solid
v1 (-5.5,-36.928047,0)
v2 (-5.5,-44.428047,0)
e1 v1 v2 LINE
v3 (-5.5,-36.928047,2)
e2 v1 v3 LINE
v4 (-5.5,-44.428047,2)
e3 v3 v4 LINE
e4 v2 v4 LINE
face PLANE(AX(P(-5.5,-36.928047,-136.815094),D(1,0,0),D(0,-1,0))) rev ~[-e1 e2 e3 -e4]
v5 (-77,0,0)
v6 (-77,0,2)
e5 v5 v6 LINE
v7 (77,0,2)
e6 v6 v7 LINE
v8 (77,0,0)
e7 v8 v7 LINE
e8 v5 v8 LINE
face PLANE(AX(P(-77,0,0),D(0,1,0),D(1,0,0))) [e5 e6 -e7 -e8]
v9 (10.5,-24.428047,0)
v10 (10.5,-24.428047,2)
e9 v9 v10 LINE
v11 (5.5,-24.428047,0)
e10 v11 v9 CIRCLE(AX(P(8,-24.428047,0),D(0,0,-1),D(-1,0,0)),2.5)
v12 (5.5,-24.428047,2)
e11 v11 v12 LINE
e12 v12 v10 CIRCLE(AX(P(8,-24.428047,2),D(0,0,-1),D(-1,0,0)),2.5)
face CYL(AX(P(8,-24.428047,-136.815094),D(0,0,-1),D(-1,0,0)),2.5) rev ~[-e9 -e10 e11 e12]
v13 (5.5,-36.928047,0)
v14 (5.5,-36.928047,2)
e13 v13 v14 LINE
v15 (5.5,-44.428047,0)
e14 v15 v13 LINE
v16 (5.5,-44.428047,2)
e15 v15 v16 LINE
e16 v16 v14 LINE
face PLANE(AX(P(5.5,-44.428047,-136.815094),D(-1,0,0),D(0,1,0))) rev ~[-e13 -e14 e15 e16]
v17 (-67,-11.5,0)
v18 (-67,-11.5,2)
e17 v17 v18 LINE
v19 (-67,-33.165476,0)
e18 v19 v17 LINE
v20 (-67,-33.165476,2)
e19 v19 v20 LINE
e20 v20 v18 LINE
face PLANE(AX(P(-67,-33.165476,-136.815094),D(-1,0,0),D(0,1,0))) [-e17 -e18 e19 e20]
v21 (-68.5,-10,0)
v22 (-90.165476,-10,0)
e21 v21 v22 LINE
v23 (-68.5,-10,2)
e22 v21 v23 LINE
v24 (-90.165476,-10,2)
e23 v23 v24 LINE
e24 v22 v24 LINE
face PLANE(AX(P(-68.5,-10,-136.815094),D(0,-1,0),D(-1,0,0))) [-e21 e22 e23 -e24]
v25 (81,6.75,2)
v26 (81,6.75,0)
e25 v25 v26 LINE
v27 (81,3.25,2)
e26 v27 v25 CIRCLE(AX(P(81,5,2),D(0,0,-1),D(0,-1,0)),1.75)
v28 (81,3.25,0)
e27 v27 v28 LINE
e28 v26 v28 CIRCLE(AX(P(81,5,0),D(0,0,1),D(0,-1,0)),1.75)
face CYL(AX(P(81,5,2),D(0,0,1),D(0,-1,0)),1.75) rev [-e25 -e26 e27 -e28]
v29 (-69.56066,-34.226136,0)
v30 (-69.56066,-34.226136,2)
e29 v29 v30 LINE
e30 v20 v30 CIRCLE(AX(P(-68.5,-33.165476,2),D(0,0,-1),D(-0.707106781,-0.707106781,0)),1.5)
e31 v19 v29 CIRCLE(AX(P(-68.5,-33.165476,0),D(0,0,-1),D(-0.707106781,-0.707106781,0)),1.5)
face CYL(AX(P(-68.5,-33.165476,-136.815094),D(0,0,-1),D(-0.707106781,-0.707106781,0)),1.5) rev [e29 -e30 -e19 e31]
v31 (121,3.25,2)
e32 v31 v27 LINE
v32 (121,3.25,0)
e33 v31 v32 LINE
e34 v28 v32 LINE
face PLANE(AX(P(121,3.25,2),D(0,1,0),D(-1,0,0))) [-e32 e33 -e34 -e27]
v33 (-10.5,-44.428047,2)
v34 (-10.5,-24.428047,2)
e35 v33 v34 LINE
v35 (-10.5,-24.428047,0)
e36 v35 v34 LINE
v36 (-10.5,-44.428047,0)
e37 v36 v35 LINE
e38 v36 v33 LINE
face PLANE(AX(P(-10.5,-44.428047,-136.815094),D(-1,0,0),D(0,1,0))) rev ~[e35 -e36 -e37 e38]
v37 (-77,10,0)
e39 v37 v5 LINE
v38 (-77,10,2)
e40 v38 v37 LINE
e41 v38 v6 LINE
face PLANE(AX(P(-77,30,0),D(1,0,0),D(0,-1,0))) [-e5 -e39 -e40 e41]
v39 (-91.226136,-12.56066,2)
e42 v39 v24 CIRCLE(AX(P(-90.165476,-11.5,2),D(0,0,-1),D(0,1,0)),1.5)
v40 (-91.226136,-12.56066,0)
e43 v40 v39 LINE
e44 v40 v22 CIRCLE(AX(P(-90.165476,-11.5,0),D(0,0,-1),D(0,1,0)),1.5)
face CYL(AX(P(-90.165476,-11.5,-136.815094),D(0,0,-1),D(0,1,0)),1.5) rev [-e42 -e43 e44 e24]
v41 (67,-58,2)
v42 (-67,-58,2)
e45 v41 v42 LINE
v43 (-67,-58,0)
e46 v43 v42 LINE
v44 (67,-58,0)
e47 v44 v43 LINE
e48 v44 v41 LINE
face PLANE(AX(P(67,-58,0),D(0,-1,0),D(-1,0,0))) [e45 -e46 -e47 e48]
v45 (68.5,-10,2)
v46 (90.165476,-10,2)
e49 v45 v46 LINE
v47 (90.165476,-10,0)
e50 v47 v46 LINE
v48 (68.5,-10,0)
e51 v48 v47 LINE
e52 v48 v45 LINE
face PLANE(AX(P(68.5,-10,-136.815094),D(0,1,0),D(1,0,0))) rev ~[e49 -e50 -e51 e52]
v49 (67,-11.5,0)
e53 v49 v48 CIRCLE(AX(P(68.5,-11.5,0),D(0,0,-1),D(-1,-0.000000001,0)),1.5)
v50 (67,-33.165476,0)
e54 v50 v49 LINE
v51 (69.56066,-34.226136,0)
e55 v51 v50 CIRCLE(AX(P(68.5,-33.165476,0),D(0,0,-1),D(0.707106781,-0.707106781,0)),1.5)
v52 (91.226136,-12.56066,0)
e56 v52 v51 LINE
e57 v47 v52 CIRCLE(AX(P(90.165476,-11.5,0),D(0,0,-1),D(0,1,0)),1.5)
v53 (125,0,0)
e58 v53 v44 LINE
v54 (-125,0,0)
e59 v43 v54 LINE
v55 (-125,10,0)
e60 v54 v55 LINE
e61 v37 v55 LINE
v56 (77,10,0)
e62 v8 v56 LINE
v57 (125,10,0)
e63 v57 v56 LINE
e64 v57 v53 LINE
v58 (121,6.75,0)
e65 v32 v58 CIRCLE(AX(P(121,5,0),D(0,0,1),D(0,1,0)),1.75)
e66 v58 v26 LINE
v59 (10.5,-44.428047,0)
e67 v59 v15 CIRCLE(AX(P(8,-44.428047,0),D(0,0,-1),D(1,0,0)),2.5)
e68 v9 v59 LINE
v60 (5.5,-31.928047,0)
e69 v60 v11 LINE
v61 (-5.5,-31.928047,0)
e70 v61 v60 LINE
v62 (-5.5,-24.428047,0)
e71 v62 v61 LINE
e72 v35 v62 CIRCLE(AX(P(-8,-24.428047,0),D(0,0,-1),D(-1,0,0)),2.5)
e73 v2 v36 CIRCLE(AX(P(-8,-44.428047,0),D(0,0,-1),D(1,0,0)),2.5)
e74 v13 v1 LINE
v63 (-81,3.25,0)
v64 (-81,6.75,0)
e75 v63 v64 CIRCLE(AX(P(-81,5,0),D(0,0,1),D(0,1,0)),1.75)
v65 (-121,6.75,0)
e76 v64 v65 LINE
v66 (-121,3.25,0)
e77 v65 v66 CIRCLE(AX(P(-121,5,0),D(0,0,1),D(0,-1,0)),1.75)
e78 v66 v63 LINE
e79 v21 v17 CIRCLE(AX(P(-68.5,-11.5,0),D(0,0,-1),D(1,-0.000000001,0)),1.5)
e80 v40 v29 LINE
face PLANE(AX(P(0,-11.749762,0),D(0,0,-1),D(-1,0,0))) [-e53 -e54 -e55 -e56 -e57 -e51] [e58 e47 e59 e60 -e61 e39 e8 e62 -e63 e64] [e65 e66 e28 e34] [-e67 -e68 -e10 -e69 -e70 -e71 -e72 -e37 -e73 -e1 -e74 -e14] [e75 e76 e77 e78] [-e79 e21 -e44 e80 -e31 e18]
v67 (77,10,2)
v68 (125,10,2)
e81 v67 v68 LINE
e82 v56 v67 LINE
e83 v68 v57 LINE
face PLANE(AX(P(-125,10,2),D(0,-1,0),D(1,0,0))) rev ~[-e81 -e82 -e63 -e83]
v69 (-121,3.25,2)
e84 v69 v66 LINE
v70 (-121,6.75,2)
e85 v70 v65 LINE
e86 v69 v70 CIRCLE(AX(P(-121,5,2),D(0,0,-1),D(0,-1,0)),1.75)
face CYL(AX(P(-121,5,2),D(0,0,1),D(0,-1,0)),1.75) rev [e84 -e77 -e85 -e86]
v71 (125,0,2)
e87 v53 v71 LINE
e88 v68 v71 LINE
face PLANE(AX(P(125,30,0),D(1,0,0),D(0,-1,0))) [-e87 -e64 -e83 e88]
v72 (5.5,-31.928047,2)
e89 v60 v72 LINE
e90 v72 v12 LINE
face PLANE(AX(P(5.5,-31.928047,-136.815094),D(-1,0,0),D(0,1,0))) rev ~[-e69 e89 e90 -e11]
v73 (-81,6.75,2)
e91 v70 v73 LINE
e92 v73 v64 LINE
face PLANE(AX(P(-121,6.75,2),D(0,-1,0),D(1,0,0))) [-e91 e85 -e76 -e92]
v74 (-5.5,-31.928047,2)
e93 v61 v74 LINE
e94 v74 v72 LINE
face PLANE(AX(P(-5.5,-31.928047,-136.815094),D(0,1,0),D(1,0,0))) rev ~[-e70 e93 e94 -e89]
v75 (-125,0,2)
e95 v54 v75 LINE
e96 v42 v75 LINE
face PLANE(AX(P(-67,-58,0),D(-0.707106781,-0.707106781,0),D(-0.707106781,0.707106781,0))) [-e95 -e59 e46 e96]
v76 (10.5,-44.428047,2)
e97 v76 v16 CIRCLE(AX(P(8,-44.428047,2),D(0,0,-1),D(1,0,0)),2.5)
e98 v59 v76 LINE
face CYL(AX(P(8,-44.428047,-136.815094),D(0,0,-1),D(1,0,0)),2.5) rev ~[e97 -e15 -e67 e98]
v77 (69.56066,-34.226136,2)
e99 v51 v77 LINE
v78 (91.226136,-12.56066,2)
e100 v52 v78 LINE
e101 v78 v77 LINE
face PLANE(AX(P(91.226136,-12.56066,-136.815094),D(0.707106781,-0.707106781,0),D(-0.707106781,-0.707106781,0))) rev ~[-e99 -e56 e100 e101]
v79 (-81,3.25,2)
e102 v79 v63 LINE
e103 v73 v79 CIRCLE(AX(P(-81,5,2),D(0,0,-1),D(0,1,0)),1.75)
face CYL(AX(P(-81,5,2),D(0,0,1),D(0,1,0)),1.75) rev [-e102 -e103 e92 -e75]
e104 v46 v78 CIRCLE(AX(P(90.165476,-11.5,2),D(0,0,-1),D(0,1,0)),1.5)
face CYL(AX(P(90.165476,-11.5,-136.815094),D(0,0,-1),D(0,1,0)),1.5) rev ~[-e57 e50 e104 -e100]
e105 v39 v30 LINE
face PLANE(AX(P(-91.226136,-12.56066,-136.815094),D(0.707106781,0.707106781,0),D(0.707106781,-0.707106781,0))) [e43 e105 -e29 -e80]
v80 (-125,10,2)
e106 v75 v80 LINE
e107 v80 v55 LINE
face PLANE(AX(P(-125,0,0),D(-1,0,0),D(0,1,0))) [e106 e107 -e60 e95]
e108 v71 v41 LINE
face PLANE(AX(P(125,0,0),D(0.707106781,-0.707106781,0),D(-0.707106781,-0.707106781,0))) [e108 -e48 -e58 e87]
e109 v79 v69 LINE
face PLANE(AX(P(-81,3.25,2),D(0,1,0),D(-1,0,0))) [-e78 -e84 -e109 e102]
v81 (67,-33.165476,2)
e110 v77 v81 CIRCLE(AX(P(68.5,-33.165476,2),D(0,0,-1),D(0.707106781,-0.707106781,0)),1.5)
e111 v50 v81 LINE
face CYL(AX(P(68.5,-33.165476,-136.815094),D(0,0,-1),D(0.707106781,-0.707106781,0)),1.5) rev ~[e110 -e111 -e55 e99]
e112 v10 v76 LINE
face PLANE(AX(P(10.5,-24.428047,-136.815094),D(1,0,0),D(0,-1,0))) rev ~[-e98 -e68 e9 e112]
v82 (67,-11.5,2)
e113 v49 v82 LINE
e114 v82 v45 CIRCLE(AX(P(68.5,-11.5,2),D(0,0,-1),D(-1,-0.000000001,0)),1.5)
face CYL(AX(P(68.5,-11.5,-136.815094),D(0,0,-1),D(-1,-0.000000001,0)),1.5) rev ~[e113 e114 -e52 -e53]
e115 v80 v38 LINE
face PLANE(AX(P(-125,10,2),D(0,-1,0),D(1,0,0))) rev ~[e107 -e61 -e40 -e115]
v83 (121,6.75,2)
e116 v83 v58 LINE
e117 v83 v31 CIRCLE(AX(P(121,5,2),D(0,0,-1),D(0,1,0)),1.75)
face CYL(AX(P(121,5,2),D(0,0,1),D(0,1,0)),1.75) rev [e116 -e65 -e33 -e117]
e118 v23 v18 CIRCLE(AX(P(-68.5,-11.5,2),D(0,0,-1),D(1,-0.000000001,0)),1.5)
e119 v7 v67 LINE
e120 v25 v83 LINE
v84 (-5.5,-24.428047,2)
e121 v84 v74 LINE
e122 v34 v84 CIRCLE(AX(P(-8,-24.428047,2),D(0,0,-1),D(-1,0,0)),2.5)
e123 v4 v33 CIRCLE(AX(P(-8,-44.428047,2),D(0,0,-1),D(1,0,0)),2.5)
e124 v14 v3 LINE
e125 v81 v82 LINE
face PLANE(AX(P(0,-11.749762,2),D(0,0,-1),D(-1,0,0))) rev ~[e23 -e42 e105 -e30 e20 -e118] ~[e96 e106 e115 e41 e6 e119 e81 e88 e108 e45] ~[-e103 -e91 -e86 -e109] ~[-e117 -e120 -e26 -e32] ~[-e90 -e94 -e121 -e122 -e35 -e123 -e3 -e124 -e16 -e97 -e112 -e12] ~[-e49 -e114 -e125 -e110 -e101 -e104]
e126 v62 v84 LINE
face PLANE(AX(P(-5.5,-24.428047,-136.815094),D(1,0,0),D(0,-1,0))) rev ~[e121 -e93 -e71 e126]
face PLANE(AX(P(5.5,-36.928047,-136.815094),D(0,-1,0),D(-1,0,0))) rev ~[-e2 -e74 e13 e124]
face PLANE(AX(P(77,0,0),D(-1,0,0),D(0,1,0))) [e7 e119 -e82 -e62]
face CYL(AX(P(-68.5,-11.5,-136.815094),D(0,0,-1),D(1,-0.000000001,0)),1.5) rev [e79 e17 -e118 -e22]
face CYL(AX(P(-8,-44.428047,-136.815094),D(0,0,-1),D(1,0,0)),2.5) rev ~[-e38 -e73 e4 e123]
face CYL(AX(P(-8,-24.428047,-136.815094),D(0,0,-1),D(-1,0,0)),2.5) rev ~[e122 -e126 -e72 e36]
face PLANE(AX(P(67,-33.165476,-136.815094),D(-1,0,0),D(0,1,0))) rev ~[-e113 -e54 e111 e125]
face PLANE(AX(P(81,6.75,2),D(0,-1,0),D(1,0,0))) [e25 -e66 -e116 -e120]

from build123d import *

# Parameters (mm, degrees)
SKETCH_1_R               = 1.5
EXTRUDE_1_DEPTH          = 2
SKETCH_3_W               = 250
SKETCH_3_H               = 20
CUT_EXTRUDE_2_DEPTH      = 138.815093513
CUT_EXTRUDE_3_DEPTH      = 138.815093513
CUT_EXTRUDE_3_DEPTH_BACK = 138.815093513
CUT_EXTRUDE_4_DEPTH      = 138.815093513


with BuildPart() as part:
    # 草图1 → 凸台-拉伸1 (new body)
    with BuildSketch(Plane.XY):
        Polygon((-77, 30), (-77, 0), (77, 0), (77, 30), (125, 30), (125, 0), (67, -58), (-67, -58), (-125, 0), (-125, 30), align=None)
        with Locations((-121, 25)):
            Circle(SKETCH_1_R, mode=Mode.SUBTRACT)
        with Locations((-81, 25)):
            Circle(SKETCH_1_R, mode=Mode.SUBTRACT)
        with Locations((-81, 5)):
            Circle(SKETCH_1_R, mode=Mode.SUBTRACT)
        with Locations((-121, 5)):
            Circle(SKETCH_1_R, mode=Mode.SUBTRACT)
        with Locations(Location((121, 5, 0), (0, 0, 180))):
            Circle(SKETCH_1_R, mode=Mode.SUBTRACT)
        with Locations(Location((81, 5, 0), (0, 0, 180))):
            Circle(SKETCH_1_R, mode=Mode.SUBTRACT)
        with Locations(Location((81, 25, 0), (0, 0, 180))):
            Circle(SKETCH_1_R, mode=Mode.SUBTRACT)
        with Locations(Location((121, 25, 0), (0, 0, 180))):
            Circle(SKETCH_1_R, mode=Mode.SUBTRACT)
    extrude(amount=EXTRUDE_1_DEPTH)

    # 草图3 → 切除-拉伸2 (cut, through all)
    with BuildSketch(Plane.XY.offset(2)):
        with Locations((0, 20)):
            Rectangle(SKETCH_3_W, SKETCH_3_H)
    extrude(amount=-CUT_EXTRUDE_2_DEPTH, mode=Mode.SUBTRACT)

    # 草图4 → 切除-拉伸3 (cut, two sides: drawn at the far end of the back side and taken through both)
    with BuildSketch(Plane.XY.offset(2).offset(-CUT_EXTRUDE_3_DEPTH_BACK)):
        with BuildLine():
            Line((-91.226136393, -12.560660172), (-69.560660172, -34.226136393))
            ThreePointArc((-69.560660172, -34.226136393), (-67.925974851, -34.55129552), (-67, -33.165476221))
            Line((-67, -33.165476221), (-67, -11.5))
            ThreePointArc((-67, -11.5), (-67.439339828, -10.439339828), (-68.5, -10))
            Line((-68.5, -10), (-90.165476221, -10))
            ThreePointArc((-90.165476221, -10), (-91.55129552, -10.925974851), (-91.226136393, -12.560660172))
        make_face()
        with BuildLine():
            Line((68.5, -10), (90.165476221, -10))
            ThreePointArc((90.165476221, -10), (91.55129552, -10.925974851), (91.226136393, -12.560660172))
            Line((91.226136393, -12.560660172), (69.560660172, -34.226136393))
            ThreePointArc((69.560660172, -34.226136393), (67.925974851, -34.55129552), (67, -33.165476221))
            Line((67, -33.165476221), (67, -11.5))
            ThreePointArc((67, -11.5), (67.439339828, -10.439339828), (68.5, -10))
        make_face()
        with BuildLine():
            Line((-5.5, -36.928047473), (-5.5, -44.428047473))
            ThreePointArc((-5.5, -44.428047473), (-8, -46.928047473), (-10.5, -44.428047473))
            Line((-10.5, -44.428047473), (-10.5, -24.428047473))
            ThreePointArc((-10.5, -24.428047473), (-8, -21.928047473), (-5.5, -24.428047473))
            Line((-5.5, -24.428047473), (-5.5, -31.928047473))
            Line((-5.5, -31.928047473), (5.5, -31.928047473))
            Line((5.5, -31.928047473), (5.5, -24.428047473))
            ThreePointArc((5.5, -24.428047473), (8, -21.928047473), (10.5, -24.428047473))
            Line((10.5, -24.428047473), (10.5, -44.428047473))
            ThreePointArc((10.5, -44.428047473), (8, -46.928047473), (5.5, -44.428047473))
            Line((5.5, -44.428047473), (5.5, -36.928047473))
            Line((5.5, -36.928047473), (-5.5, -36.928047473))
        make_face()
    extrude(amount=CUT_EXTRUDE_3_DEPTH + CUT_EXTRUDE_3_DEPTH_BACK, mode=Mode.SUBTRACT)

    # 草图5 → 切除-拉伸4 (cut, through all)
    with BuildSketch(Plane.XY.offset(2)):
        with BuildLine():
            Line((-121, 6.75), (-81, 6.75))
            ThreePointArc((-81, 6.75), (-79.25, 5), (-81, 3.25))
            Line((-81, 3.25), (-121, 3.25))
            ThreePointArc((-121, 3.25), (-122.75, 5), (-121, 6.75))
        make_face()
        with BuildLine():
            Line((81, 6.75), (121, 6.75))
            ThreePointArc((121, 6.75), (122.75, 5), (121, 3.25))
            Line((121, 3.25), (81, 3.25))
            ThreePointArc((81, 3.25), (79.25, 5), (81, 6.75))
        make_face()
    extrude(amount=-CUT_EXTRUDE_4_DEPTH, mode=Mode.SUBTRACT)


solid = part.part
